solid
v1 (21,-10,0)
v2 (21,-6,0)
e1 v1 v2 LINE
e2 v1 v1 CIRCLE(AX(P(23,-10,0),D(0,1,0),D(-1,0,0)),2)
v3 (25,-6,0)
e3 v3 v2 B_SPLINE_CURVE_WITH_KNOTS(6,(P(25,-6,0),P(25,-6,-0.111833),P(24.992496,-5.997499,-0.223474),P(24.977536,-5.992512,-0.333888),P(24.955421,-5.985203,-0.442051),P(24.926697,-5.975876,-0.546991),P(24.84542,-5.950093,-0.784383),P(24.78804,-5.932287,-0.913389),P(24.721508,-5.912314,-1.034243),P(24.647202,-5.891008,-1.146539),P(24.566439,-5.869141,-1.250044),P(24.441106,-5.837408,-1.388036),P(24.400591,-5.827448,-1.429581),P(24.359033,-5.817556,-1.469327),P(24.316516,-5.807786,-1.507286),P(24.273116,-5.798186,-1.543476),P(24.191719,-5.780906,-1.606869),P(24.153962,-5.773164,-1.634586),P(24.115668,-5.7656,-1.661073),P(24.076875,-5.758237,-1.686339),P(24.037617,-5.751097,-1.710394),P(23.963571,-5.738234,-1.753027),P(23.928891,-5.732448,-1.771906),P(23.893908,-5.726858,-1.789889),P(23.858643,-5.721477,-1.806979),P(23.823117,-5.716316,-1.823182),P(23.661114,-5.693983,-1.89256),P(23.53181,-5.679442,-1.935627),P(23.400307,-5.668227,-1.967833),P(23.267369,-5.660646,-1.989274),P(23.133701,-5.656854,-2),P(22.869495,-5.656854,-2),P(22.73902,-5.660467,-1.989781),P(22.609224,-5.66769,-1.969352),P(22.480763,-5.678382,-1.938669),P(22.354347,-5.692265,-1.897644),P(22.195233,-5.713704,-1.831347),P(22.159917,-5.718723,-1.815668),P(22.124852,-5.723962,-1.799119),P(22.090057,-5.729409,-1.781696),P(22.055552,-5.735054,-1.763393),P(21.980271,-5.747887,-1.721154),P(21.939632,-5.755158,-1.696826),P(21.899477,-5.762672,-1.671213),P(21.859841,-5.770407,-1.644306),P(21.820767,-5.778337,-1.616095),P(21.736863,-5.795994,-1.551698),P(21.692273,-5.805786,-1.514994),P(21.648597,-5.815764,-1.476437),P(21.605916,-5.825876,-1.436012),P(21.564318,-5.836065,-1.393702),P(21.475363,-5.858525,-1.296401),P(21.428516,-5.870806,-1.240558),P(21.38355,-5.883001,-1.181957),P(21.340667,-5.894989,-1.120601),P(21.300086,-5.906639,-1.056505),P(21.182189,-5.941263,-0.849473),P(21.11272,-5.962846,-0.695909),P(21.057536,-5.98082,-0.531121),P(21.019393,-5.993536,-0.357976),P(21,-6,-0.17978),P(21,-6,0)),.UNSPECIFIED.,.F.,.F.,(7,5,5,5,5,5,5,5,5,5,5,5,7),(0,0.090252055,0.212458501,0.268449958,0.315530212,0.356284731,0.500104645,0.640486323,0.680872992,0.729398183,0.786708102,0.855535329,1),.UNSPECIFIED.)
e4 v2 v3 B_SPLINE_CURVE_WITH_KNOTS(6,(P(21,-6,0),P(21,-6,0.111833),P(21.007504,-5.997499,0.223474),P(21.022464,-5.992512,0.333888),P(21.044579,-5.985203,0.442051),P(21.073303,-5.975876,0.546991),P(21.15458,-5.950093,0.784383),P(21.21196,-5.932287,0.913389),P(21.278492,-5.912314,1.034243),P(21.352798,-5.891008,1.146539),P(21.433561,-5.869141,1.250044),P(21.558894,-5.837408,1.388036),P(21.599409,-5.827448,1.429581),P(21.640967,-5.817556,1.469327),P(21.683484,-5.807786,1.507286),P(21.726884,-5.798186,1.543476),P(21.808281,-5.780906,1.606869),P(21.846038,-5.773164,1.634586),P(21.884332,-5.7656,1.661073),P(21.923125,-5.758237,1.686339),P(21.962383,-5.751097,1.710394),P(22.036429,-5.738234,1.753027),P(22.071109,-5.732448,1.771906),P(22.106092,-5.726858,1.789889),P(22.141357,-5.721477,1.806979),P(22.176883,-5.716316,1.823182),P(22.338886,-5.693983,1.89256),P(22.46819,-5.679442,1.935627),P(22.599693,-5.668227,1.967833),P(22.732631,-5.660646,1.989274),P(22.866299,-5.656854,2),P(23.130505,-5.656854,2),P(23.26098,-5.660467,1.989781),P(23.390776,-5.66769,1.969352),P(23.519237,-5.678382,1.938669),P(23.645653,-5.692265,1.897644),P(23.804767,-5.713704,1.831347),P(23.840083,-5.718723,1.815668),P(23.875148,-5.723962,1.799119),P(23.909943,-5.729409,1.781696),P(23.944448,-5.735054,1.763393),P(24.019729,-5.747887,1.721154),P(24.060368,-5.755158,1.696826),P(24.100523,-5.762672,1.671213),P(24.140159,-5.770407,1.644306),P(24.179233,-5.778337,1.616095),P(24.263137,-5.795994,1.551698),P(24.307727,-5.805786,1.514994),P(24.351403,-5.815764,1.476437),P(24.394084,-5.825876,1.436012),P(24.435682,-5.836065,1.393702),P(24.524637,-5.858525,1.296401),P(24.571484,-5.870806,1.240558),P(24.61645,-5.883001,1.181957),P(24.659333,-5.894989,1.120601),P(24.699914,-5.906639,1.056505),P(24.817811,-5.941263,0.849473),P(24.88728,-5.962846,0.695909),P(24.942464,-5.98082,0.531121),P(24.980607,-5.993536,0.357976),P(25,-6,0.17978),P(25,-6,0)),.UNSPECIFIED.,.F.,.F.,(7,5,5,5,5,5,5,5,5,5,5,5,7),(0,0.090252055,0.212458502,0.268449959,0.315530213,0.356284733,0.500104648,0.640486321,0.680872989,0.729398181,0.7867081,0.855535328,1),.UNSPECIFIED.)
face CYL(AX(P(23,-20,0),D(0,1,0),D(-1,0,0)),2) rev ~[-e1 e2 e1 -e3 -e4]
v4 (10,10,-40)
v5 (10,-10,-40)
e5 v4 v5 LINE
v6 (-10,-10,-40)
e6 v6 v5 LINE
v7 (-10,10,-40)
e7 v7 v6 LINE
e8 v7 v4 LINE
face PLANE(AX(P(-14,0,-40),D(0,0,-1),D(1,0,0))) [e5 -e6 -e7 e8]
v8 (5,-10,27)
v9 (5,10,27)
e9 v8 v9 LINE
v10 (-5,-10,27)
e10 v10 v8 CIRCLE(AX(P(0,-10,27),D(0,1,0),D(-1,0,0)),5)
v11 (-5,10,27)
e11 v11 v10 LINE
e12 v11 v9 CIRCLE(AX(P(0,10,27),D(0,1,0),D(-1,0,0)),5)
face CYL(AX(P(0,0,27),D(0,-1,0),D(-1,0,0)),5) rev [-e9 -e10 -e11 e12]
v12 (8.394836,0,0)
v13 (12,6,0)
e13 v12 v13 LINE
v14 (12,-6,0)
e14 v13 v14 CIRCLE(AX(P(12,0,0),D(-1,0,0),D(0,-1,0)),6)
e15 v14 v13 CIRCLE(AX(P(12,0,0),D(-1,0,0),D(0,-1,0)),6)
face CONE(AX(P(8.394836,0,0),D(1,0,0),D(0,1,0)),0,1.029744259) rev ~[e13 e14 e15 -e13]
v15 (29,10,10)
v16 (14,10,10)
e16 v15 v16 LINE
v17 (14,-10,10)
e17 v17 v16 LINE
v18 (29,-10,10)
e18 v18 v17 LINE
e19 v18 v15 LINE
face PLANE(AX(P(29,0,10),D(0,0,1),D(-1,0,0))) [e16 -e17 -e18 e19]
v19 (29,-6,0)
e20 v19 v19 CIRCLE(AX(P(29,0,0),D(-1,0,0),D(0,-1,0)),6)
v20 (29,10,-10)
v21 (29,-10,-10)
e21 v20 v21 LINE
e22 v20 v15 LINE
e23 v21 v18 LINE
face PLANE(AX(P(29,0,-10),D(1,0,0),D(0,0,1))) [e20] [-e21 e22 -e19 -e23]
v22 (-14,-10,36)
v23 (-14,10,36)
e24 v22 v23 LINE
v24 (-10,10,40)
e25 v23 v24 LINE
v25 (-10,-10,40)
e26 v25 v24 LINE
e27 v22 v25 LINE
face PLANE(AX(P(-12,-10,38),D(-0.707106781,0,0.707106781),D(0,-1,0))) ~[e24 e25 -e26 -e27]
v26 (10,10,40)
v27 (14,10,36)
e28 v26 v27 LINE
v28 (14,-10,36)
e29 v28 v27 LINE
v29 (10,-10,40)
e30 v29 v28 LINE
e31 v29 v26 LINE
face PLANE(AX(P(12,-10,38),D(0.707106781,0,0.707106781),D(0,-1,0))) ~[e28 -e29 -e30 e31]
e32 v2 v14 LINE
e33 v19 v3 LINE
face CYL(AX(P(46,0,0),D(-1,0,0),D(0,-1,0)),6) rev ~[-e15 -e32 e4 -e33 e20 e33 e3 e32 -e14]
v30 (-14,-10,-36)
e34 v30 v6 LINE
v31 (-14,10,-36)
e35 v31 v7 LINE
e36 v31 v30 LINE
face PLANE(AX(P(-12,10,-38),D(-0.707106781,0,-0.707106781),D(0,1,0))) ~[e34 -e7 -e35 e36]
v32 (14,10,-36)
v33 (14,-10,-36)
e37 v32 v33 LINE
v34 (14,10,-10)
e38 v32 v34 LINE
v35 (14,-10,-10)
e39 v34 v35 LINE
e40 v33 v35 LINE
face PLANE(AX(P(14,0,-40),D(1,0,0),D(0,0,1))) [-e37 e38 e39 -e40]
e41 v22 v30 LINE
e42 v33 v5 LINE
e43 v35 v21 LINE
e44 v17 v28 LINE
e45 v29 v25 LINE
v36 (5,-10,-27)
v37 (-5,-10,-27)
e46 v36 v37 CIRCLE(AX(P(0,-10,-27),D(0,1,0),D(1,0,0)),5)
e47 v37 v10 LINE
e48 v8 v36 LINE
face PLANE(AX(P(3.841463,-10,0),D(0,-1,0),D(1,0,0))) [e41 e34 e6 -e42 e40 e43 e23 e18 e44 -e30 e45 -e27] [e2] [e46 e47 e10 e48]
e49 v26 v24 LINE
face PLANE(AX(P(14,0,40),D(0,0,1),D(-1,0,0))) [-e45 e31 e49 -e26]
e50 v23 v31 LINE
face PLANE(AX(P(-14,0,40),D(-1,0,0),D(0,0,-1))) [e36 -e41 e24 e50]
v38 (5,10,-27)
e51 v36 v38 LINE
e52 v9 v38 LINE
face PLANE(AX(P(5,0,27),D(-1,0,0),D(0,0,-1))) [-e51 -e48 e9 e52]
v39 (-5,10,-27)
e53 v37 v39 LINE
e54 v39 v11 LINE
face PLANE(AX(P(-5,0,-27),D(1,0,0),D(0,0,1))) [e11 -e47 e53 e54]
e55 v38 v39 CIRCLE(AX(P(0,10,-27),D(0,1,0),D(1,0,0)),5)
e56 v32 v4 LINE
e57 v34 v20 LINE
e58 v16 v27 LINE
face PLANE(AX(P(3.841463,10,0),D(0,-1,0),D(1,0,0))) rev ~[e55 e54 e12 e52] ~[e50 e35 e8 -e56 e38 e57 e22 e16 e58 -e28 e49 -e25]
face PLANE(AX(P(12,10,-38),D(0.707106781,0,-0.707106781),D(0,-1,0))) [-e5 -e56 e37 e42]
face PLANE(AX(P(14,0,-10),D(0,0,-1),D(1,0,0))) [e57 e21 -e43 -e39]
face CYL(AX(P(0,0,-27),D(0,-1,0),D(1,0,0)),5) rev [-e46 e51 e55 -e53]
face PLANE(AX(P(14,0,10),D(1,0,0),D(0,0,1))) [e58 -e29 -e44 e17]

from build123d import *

# Parameters (mm, degrees)
F1_DEPTH      = 10
F1_DEPTH_BACK = 10
F2_SIZE       = 4
F4_D          = 4
F4_DEPTH      = 10
F4_TIP        = 1.2017212381
F6_D          = 12
F6_DEPTH      = 17
F6_TIP        = 3.6051637142


with BuildPart() as f1:
    # F0 (on Front) → F1 (new body, two sides)
    with BuildSketch(Plane.XZ) as f1_sk:
        Polygon((-14, 40), (-14, -40), (14, -40), (14, -10), (29, -10), (29, 10), (14, 10), (14, 40), align=None)
        with BuildLine():
            ThreePointArc((-5, 27), (0, 32), (5, 27))
            Line((5, 27), (5, -27))
            ThreePointArc((5, -27), (0, -32), (-5, -27))
            Line((-5, -27), (-5, 27))
        make_face(mode=Mode.SUBTRACT)
    extrude(amount=F1_DEPTH)
    extrude(f1_sk.sketch, amount=-F1_DEPTH_BACK)

    # F2
    f2_edges = [f1.edges().sort_by_distance(p)[0] for p in [
        (14, 0, 40),
        (-14, 0, 40),
        (14, 0, -40),
        (-14, 0, -40),
    ]]
    chamfer(f2_edges, length=F2_SIZE)

    # F4
    with Locations(Plane.XZ.offset(10)):
        with Locations((23, 0)):
            Hole(F4_D / 2, depth=F4_DEPTH)
            with Locations((0, 0, -(F4_DEPTH + F4_TIP / 2))):  # 118° drill point
                Cone(0, F4_D / 2, F4_TIP, mode=Mode.SUBTRACT)

    # F6
    with Locations(Plane.YZ.offset(29)):
        with Locations((0, 0)):
            Hole(F6_D / 2, depth=F6_DEPTH)
            with Locations((0, 0, -(F6_DEPTH + F6_TIP / 2))):  # 118° drill point
                Cone(0, F6_D / 2, F6_TIP, mode=Mode.SUBTRACT)


solid = f1.part
